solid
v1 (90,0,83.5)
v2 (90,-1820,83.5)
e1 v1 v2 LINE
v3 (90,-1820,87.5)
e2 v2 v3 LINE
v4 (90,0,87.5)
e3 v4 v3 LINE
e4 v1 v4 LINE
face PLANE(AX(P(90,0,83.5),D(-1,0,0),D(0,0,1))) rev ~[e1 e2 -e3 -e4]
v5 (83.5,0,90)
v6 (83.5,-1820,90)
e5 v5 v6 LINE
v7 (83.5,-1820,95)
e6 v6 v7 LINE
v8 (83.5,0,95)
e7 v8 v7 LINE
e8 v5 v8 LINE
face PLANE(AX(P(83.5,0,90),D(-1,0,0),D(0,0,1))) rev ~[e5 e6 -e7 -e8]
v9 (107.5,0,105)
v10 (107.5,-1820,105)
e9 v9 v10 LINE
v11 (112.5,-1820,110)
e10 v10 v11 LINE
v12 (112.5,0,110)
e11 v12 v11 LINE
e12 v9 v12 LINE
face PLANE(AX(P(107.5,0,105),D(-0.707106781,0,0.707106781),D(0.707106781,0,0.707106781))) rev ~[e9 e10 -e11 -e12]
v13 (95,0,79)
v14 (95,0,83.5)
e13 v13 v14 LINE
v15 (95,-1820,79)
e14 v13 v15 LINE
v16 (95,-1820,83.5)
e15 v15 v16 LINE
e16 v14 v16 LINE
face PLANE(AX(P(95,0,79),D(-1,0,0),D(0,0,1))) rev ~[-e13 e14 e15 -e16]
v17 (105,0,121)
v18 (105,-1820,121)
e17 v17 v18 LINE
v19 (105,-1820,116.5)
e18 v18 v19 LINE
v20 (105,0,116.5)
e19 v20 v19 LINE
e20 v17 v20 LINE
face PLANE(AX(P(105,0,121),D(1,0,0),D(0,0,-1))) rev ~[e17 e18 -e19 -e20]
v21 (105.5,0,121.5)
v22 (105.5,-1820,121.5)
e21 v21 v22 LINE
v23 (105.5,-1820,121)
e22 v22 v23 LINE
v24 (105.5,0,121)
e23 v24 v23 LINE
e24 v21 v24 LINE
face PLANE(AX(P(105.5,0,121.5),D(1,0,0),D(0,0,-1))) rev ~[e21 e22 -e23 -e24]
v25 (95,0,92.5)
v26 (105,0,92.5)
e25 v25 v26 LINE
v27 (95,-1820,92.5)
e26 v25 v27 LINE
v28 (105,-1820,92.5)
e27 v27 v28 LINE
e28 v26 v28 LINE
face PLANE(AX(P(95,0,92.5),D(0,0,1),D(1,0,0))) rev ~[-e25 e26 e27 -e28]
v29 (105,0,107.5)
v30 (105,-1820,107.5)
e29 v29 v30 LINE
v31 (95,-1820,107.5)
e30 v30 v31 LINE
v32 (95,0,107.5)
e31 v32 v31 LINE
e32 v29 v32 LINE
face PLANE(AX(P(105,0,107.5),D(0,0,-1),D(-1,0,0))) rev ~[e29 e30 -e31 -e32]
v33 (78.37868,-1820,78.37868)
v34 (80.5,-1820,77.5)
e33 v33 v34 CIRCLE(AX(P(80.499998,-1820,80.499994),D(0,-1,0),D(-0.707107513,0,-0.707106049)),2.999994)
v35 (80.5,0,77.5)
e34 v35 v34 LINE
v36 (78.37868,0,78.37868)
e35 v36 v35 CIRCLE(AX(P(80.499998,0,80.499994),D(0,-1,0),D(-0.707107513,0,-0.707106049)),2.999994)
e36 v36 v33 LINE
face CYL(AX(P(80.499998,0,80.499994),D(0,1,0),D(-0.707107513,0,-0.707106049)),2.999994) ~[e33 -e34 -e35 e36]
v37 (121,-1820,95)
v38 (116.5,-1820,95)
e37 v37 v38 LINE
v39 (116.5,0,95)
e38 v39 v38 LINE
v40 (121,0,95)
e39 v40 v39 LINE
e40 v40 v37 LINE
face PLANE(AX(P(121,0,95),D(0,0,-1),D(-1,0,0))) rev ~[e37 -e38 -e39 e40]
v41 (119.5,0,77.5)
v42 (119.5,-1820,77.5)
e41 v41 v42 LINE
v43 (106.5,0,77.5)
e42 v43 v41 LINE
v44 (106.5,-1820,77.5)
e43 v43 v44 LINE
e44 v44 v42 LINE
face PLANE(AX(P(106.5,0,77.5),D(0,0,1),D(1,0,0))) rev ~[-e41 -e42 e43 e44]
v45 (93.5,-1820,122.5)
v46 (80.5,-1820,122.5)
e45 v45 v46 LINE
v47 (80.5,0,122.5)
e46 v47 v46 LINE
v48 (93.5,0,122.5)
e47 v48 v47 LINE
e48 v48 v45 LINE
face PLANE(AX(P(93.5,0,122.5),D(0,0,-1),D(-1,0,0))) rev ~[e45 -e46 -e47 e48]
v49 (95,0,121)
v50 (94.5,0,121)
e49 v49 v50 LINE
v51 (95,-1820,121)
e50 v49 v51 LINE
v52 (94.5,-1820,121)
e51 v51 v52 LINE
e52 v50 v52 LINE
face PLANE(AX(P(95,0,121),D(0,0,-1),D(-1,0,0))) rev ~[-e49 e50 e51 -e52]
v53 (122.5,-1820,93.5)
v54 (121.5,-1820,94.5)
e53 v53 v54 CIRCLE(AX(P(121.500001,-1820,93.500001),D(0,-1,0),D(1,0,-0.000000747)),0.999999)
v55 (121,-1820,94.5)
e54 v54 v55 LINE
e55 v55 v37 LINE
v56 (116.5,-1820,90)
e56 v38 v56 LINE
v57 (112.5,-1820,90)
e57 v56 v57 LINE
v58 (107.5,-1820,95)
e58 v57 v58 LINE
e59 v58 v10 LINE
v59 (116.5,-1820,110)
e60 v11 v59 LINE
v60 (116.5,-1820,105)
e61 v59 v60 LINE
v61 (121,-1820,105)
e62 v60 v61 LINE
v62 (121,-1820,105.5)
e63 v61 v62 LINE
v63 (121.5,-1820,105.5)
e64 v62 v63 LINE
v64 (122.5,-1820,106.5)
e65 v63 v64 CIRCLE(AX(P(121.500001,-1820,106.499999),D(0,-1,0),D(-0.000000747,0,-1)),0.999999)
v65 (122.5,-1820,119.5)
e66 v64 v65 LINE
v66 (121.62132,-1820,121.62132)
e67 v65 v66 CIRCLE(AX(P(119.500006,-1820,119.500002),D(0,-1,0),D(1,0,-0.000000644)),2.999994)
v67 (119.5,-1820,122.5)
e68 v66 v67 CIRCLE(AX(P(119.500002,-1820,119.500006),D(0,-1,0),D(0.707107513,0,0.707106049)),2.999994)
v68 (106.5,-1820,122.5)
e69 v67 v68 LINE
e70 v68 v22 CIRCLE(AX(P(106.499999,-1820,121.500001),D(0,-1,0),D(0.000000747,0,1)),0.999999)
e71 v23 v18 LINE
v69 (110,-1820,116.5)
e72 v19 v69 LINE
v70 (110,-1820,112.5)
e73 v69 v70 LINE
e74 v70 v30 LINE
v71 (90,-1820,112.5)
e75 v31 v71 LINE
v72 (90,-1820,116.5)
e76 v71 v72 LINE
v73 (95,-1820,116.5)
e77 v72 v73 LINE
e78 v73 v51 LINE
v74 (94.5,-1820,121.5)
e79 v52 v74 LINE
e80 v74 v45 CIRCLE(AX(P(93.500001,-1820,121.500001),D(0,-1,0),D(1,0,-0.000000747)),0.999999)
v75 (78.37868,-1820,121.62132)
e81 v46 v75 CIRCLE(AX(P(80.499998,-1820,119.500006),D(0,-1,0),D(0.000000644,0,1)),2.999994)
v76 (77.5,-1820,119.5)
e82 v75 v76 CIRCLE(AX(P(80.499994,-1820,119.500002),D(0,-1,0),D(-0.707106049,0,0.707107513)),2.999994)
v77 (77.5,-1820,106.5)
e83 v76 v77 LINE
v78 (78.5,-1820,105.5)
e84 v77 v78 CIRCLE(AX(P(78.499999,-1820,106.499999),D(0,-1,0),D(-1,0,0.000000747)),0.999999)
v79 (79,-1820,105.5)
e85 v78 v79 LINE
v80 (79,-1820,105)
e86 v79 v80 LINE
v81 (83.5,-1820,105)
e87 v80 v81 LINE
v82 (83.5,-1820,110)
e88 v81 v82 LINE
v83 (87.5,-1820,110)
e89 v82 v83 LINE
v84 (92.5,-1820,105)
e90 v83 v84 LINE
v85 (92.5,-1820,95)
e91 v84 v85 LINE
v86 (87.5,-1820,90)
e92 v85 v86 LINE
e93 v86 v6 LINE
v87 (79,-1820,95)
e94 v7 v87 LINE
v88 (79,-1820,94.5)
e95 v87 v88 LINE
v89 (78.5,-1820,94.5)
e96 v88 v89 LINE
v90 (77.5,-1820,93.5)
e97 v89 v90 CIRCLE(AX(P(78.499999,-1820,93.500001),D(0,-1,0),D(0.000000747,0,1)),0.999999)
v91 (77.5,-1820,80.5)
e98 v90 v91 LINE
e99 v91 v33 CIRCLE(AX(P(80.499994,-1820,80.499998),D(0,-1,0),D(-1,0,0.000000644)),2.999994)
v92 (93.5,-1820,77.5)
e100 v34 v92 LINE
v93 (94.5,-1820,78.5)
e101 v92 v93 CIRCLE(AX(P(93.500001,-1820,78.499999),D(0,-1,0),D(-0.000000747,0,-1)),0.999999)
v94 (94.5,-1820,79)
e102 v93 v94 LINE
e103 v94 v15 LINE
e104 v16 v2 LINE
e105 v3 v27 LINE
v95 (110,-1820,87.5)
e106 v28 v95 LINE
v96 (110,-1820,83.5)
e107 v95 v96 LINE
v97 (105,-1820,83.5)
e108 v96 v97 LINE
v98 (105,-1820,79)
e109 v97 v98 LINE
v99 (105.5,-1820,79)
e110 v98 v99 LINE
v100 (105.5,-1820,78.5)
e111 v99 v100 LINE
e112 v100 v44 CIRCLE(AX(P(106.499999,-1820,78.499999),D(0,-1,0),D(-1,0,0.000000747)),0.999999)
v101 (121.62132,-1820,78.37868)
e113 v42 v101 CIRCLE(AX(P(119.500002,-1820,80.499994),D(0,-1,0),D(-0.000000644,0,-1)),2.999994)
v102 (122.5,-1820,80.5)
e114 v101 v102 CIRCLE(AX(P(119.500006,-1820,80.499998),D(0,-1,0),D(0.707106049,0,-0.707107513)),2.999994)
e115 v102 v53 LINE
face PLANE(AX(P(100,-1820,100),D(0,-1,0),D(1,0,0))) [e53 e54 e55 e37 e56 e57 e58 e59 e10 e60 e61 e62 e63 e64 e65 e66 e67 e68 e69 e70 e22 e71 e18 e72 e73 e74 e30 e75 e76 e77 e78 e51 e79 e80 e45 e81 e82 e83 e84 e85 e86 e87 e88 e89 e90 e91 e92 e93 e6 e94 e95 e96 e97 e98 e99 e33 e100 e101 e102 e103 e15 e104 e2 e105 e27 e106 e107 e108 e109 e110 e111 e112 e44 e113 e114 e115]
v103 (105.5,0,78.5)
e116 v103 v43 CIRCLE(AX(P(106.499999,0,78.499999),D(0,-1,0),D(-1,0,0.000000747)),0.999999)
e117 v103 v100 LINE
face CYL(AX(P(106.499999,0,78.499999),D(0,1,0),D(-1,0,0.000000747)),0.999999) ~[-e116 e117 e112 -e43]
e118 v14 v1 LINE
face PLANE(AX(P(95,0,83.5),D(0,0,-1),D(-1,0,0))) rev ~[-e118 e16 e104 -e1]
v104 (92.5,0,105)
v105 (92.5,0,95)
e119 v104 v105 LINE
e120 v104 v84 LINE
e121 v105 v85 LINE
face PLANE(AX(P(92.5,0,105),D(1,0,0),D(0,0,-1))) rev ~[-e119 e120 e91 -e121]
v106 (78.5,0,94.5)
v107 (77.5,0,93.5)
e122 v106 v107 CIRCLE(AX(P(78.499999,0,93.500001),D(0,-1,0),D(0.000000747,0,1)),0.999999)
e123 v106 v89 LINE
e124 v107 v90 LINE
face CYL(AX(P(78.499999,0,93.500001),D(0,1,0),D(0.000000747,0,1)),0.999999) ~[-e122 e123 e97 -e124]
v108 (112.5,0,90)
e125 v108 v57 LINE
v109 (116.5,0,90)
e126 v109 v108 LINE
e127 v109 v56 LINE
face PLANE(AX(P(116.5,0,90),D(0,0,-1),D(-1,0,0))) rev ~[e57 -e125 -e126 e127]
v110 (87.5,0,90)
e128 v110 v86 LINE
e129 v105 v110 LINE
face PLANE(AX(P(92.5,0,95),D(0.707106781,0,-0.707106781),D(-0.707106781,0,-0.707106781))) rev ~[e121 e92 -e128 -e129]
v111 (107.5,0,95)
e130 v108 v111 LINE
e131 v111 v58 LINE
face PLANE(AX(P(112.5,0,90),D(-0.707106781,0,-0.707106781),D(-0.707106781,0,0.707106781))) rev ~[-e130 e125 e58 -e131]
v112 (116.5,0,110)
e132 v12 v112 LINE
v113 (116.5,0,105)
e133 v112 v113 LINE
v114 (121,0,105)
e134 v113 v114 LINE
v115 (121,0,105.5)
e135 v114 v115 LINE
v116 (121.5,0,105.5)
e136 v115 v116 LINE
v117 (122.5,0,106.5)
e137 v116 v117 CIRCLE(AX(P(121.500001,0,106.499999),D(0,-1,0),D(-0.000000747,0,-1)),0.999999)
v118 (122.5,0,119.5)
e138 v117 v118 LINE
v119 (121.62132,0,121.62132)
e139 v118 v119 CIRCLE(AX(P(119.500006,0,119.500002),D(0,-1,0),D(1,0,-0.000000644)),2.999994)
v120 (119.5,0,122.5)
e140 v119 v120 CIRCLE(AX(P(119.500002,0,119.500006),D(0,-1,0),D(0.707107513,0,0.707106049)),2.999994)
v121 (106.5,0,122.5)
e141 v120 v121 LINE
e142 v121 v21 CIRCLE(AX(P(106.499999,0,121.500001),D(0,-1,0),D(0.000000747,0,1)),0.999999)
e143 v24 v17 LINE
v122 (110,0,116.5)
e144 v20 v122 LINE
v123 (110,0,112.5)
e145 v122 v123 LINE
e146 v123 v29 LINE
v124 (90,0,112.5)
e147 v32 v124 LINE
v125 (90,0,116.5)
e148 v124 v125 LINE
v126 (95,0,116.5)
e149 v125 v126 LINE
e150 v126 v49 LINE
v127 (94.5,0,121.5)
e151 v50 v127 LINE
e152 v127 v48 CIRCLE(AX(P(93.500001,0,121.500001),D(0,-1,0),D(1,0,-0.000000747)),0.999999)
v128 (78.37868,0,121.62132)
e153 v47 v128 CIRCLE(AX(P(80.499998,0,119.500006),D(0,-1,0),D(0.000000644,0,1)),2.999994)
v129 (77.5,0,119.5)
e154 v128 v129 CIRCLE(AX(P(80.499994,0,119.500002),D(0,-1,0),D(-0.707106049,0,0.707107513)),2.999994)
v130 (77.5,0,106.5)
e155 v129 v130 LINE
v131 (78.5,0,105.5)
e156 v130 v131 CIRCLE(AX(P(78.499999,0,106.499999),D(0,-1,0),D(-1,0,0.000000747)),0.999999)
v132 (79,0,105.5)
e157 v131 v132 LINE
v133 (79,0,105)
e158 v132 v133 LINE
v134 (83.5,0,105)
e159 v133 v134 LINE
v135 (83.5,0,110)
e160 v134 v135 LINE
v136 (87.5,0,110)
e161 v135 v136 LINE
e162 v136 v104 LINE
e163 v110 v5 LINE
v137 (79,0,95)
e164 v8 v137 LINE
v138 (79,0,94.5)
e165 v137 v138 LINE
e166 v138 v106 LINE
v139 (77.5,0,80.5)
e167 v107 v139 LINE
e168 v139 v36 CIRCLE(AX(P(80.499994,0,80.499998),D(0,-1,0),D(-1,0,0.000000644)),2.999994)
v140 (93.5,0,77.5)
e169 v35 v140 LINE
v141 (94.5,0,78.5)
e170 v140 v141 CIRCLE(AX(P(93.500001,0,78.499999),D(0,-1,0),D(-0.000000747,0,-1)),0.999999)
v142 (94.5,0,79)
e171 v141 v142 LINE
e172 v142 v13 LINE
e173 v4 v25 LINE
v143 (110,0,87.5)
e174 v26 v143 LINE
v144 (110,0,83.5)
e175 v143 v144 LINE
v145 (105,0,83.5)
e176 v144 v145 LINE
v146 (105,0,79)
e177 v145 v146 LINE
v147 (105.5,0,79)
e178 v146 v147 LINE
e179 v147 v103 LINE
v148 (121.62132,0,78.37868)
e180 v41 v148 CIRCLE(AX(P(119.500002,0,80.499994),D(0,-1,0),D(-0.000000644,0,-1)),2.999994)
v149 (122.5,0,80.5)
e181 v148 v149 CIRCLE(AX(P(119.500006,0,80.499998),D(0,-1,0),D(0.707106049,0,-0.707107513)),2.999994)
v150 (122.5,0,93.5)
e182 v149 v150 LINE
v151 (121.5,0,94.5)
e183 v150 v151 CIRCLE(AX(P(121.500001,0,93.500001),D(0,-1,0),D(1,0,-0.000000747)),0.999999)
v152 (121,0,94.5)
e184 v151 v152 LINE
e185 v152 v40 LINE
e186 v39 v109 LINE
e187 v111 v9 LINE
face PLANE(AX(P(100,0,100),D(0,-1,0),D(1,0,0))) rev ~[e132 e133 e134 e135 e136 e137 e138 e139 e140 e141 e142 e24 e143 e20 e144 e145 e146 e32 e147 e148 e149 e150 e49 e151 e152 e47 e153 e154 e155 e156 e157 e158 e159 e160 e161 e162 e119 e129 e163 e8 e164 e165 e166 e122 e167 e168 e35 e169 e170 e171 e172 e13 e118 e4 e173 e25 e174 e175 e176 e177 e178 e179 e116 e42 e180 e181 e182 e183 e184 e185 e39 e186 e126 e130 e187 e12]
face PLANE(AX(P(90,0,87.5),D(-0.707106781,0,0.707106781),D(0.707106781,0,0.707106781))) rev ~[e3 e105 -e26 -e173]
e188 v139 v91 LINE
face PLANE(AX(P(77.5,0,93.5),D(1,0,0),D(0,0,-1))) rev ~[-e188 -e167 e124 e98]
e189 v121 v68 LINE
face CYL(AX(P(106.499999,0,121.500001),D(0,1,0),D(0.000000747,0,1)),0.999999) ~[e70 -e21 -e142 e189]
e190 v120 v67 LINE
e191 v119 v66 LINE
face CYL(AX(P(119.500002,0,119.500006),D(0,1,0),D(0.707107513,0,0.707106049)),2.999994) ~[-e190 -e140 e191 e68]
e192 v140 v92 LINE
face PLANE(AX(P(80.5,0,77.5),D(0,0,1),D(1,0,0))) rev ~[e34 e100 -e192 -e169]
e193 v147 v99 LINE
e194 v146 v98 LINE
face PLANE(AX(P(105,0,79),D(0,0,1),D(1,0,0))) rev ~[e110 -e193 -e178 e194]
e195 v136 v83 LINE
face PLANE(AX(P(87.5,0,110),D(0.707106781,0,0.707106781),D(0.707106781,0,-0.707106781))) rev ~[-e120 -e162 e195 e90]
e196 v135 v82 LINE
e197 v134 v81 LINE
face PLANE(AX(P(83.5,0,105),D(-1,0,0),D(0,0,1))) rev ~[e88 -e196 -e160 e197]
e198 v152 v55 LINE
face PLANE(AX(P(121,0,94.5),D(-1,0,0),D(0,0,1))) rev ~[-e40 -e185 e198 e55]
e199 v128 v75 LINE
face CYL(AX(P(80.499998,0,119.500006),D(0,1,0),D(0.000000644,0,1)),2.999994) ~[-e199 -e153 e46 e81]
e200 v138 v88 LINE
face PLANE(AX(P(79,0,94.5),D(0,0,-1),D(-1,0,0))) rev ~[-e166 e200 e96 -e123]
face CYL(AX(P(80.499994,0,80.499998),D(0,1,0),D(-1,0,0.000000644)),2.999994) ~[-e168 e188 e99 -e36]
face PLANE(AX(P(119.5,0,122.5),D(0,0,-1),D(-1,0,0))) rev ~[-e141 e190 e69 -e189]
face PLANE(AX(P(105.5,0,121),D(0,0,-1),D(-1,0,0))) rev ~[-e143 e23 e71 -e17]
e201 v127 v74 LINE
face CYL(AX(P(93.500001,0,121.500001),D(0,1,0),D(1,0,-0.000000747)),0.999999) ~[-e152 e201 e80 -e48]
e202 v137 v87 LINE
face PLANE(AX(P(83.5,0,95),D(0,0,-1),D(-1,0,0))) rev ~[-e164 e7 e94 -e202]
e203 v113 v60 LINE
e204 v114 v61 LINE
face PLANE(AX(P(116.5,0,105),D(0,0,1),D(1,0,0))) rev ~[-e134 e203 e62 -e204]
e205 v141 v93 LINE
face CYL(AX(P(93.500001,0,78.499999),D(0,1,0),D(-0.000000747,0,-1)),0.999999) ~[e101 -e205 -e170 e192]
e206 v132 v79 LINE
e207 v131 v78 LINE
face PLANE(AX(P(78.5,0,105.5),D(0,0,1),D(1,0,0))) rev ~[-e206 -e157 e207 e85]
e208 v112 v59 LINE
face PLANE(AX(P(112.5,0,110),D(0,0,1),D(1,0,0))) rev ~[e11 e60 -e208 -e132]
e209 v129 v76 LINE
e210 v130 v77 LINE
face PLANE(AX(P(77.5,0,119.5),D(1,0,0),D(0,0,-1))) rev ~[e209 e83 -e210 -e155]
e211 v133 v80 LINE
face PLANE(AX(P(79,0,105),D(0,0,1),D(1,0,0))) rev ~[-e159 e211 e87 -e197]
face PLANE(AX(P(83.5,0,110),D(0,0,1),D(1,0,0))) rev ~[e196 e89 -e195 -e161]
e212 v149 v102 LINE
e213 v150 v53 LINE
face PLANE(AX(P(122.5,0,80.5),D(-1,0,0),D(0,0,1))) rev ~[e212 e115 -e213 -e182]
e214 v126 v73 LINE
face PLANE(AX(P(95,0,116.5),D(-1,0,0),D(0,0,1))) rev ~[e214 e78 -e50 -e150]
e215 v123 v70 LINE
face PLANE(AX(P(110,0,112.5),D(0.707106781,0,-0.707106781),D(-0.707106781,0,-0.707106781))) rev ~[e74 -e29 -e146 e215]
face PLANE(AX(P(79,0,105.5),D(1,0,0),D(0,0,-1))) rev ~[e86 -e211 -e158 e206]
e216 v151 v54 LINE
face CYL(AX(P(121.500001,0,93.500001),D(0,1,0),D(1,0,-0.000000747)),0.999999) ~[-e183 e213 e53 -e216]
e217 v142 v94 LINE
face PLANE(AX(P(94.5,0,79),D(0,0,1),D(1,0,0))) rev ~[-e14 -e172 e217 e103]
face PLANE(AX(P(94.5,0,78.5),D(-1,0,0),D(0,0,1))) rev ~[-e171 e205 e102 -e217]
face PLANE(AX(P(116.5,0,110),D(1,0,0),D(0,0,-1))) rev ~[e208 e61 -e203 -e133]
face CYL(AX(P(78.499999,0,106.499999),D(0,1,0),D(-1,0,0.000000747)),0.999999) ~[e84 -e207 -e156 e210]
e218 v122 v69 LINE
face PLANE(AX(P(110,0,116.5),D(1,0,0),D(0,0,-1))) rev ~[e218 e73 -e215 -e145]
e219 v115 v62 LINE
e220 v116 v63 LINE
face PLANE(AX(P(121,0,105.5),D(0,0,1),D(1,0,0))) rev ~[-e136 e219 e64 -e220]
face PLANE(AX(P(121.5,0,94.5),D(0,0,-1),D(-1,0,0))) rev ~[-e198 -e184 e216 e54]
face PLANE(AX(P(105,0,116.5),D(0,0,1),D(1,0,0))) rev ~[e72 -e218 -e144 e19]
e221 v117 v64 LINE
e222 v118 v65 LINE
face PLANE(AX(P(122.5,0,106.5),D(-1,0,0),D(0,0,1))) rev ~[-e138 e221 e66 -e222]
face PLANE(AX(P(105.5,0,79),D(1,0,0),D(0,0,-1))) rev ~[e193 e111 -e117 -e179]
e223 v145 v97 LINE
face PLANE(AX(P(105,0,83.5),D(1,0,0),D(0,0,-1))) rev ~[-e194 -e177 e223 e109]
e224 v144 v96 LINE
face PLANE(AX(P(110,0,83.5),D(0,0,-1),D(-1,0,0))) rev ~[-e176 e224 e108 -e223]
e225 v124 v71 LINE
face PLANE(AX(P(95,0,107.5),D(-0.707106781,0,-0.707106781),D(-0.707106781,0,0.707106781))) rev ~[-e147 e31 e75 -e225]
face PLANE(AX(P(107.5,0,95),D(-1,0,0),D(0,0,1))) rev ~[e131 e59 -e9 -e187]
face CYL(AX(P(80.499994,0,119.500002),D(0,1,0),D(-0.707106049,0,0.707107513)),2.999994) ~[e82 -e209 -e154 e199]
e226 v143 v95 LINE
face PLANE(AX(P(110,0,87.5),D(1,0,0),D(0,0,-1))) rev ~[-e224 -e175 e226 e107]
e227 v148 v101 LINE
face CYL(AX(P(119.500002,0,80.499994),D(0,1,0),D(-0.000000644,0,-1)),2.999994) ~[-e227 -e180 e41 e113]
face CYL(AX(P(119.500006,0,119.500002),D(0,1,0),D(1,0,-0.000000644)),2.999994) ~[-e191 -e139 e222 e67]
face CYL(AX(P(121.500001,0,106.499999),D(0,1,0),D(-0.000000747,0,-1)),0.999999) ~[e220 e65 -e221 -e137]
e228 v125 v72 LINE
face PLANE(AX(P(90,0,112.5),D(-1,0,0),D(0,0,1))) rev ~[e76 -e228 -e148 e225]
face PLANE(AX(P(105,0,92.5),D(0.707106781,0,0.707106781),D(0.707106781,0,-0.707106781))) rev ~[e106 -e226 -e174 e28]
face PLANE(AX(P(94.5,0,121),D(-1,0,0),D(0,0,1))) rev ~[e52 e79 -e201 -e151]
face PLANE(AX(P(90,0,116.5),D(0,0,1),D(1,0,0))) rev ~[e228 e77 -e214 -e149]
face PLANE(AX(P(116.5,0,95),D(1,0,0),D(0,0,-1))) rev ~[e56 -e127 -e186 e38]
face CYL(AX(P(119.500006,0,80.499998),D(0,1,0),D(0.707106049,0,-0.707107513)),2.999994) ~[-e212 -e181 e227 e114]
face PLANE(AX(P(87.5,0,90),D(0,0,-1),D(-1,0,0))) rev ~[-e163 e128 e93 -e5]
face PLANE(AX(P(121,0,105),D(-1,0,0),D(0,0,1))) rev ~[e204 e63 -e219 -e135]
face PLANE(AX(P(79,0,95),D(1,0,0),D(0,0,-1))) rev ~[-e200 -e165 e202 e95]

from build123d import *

# Parameters (mm, degrees)
F1_DEPTH = 1820


with BuildPart() as f1:
    # F0 (on Front) → F1 (new body)
    with BuildSketch(Plane.XZ):
        with BuildLine():
            Line((93.5, 122.5), (80.5, 122.5))
            ThreePointArc((80.5, 122.5), (79.35195, 122.271639), (78.37868, 121.62132))
            ThreePointArc((78.37868, 121.62132), (77.728361, 120.64805), (77.5, 119.5))
            Line((77.5, 119.5), (77.5, 106.5))
            ThreePointArc((77.5, 106.5), (77.792893, 105.792893), (78.5, 105.5))
            Line((78.5, 105.5), (79, 105.5))
            Line((79, 105.5), (79, 105))
            Line((79, 105), (83.5, 105))
            Line((83.5, 105), (83.5, 110))
            Line((83.5, 110), (87.5, 110))
            Line((87.5, 110), (92.5, 105))
            Line((92.5, 105), (92.5, 100))
            Line((92.5, 100), (92.5, 95))
            Line((92.5, 95), (87.5, 90))
            Line((87.5, 90), (83.5, 90))
            Line((83.5, 90), (83.5, 95))
            Line((83.5, 95), (79, 95))
            Line((79, 95), (79, 94.5))
            Line((79, 94.5), (78.5, 94.5))
            ThreePointArc((78.5, 94.5), (77.792893, 94.207107), (77.5, 93.5))
            Line((77.5, 93.5), (77.5, 80.5))
            ThreePointArc((77.5, 80.5), (77.728361, 79.35195), (78.37868, 78.37868))
            ThreePointArc((78.37868, 78.37868), (79.35195, 77.728361), (80.5, 77.5))
            Line((80.5, 77.5), (93.5, 77.5))
            ThreePointArc((93.5, 77.5), (94.207107, 77.792893), (94.5, 78.5))
            Line((94.5, 78.5), (94.5, 79))
            Line((94.5, 79), (95, 79))
            Line((95, 79), (95, 83.5))
            Line((95, 83.5), (90, 83.5))
            Line((90, 83.5), (90, 87.5))
            Line((90, 87.5), (95, 92.5))
            Line((95, 92.5), (100, 92.5))
            Line((100, 92.5), (105, 92.5))
            Line((105, 92.5), (110, 87.5))
            Line((110, 87.5), (110, 83.5))
            Line((110, 83.5), (105, 83.5))
            Line((105, 83.5), (105, 79))
            Line((105, 79), (105.5, 79))
            Line((105.5, 79), (105.5, 78.5))
            ThreePointArc((105.5, 78.5), (105.792893, 77.792893), (106.5, 77.5))
            Line((106.5, 77.5), (119.5, 77.5))
            ThreePointArc((119.5, 77.5), (120.64805, 77.728361), (121.62132, 78.37868))
            ThreePointArc((121.62132, 78.37868), (122.271639, 79.35195), (122.5, 80.5))
            Line((122.5, 80.5), (122.5, 93.5))
            ThreePointArc((122.5, 93.5), (122.207107, 94.207107), (121.5, 94.5))
            Line((121.5, 94.5), (121, 94.5))
            Line((121, 94.5), (121, 95))
            Line((121, 95), (116.5, 95))
            Line((116.5, 95), (116.5, 90))
            Line((116.5, 90), (112.5, 90))
            Line((112.5, 90), (107.5, 95))
            Line((107.5, 95), (107.5, 100))
            Line((107.5, 100), (107.5, 105))
            Line((107.5, 105), (112.5, 110))
            Line((112.5, 110), (116.5, 110))
            Line((116.5, 110), (116.5, 105))
            Line((116.5, 105), (121, 105))
            Line((121, 105), (121, 105.5))
            Line((121, 105.5), (121.5, 105.5))
            ThreePointArc((121.5, 105.5), (122.207107, 105.792893), (122.5, 106.5))
            Line((122.5, 106.5), (122.5, 119.5))
            ThreePointArc((122.5, 119.5), (122.271639, 120.64805), (121.62132, 121.62132))
            ThreePointArc((121.62132, 121.62132), (120.64805, 122.271639), (119.5, 122.5))
            Line((119.5, 122.5), (106.5, 122.5))
            ThreePointArc((106.5, 122.5), (105.792893, 122.207107), (105.5, 121.5))
            Line((105.5, 121.5), (105.5, 121))
            Line((105.5, 121), (105, 121))
            Line((105, 121), (105, 116.5))
            Line((105, 116.5), (110, 116.5))
            Line((110, 116.5), (110, 112.5))
            Line((110, 112.5), (105, 107.5))
            Line((105, 107.5), (100, 107.5))
            Line((100, 107.5), (95, 107.5))
            Line((95, 107.5), (90, 112.5))
            Line((90, 112.5), (90, 116.5))
            Line((90, 116.5), (95, 116.5))
            Line((95, 116.5), (95, 121))
            Line((95, 121), (94.5, 121))
            Line((94.5, 121), (94.5, 121.5))
            ThreePointArc((94.5, 121.5), (94.207107, 122.207107), (93.5, 122.5))
        make_face()
    extrude(amount=F1_DEPTH)


solid = f1.part
